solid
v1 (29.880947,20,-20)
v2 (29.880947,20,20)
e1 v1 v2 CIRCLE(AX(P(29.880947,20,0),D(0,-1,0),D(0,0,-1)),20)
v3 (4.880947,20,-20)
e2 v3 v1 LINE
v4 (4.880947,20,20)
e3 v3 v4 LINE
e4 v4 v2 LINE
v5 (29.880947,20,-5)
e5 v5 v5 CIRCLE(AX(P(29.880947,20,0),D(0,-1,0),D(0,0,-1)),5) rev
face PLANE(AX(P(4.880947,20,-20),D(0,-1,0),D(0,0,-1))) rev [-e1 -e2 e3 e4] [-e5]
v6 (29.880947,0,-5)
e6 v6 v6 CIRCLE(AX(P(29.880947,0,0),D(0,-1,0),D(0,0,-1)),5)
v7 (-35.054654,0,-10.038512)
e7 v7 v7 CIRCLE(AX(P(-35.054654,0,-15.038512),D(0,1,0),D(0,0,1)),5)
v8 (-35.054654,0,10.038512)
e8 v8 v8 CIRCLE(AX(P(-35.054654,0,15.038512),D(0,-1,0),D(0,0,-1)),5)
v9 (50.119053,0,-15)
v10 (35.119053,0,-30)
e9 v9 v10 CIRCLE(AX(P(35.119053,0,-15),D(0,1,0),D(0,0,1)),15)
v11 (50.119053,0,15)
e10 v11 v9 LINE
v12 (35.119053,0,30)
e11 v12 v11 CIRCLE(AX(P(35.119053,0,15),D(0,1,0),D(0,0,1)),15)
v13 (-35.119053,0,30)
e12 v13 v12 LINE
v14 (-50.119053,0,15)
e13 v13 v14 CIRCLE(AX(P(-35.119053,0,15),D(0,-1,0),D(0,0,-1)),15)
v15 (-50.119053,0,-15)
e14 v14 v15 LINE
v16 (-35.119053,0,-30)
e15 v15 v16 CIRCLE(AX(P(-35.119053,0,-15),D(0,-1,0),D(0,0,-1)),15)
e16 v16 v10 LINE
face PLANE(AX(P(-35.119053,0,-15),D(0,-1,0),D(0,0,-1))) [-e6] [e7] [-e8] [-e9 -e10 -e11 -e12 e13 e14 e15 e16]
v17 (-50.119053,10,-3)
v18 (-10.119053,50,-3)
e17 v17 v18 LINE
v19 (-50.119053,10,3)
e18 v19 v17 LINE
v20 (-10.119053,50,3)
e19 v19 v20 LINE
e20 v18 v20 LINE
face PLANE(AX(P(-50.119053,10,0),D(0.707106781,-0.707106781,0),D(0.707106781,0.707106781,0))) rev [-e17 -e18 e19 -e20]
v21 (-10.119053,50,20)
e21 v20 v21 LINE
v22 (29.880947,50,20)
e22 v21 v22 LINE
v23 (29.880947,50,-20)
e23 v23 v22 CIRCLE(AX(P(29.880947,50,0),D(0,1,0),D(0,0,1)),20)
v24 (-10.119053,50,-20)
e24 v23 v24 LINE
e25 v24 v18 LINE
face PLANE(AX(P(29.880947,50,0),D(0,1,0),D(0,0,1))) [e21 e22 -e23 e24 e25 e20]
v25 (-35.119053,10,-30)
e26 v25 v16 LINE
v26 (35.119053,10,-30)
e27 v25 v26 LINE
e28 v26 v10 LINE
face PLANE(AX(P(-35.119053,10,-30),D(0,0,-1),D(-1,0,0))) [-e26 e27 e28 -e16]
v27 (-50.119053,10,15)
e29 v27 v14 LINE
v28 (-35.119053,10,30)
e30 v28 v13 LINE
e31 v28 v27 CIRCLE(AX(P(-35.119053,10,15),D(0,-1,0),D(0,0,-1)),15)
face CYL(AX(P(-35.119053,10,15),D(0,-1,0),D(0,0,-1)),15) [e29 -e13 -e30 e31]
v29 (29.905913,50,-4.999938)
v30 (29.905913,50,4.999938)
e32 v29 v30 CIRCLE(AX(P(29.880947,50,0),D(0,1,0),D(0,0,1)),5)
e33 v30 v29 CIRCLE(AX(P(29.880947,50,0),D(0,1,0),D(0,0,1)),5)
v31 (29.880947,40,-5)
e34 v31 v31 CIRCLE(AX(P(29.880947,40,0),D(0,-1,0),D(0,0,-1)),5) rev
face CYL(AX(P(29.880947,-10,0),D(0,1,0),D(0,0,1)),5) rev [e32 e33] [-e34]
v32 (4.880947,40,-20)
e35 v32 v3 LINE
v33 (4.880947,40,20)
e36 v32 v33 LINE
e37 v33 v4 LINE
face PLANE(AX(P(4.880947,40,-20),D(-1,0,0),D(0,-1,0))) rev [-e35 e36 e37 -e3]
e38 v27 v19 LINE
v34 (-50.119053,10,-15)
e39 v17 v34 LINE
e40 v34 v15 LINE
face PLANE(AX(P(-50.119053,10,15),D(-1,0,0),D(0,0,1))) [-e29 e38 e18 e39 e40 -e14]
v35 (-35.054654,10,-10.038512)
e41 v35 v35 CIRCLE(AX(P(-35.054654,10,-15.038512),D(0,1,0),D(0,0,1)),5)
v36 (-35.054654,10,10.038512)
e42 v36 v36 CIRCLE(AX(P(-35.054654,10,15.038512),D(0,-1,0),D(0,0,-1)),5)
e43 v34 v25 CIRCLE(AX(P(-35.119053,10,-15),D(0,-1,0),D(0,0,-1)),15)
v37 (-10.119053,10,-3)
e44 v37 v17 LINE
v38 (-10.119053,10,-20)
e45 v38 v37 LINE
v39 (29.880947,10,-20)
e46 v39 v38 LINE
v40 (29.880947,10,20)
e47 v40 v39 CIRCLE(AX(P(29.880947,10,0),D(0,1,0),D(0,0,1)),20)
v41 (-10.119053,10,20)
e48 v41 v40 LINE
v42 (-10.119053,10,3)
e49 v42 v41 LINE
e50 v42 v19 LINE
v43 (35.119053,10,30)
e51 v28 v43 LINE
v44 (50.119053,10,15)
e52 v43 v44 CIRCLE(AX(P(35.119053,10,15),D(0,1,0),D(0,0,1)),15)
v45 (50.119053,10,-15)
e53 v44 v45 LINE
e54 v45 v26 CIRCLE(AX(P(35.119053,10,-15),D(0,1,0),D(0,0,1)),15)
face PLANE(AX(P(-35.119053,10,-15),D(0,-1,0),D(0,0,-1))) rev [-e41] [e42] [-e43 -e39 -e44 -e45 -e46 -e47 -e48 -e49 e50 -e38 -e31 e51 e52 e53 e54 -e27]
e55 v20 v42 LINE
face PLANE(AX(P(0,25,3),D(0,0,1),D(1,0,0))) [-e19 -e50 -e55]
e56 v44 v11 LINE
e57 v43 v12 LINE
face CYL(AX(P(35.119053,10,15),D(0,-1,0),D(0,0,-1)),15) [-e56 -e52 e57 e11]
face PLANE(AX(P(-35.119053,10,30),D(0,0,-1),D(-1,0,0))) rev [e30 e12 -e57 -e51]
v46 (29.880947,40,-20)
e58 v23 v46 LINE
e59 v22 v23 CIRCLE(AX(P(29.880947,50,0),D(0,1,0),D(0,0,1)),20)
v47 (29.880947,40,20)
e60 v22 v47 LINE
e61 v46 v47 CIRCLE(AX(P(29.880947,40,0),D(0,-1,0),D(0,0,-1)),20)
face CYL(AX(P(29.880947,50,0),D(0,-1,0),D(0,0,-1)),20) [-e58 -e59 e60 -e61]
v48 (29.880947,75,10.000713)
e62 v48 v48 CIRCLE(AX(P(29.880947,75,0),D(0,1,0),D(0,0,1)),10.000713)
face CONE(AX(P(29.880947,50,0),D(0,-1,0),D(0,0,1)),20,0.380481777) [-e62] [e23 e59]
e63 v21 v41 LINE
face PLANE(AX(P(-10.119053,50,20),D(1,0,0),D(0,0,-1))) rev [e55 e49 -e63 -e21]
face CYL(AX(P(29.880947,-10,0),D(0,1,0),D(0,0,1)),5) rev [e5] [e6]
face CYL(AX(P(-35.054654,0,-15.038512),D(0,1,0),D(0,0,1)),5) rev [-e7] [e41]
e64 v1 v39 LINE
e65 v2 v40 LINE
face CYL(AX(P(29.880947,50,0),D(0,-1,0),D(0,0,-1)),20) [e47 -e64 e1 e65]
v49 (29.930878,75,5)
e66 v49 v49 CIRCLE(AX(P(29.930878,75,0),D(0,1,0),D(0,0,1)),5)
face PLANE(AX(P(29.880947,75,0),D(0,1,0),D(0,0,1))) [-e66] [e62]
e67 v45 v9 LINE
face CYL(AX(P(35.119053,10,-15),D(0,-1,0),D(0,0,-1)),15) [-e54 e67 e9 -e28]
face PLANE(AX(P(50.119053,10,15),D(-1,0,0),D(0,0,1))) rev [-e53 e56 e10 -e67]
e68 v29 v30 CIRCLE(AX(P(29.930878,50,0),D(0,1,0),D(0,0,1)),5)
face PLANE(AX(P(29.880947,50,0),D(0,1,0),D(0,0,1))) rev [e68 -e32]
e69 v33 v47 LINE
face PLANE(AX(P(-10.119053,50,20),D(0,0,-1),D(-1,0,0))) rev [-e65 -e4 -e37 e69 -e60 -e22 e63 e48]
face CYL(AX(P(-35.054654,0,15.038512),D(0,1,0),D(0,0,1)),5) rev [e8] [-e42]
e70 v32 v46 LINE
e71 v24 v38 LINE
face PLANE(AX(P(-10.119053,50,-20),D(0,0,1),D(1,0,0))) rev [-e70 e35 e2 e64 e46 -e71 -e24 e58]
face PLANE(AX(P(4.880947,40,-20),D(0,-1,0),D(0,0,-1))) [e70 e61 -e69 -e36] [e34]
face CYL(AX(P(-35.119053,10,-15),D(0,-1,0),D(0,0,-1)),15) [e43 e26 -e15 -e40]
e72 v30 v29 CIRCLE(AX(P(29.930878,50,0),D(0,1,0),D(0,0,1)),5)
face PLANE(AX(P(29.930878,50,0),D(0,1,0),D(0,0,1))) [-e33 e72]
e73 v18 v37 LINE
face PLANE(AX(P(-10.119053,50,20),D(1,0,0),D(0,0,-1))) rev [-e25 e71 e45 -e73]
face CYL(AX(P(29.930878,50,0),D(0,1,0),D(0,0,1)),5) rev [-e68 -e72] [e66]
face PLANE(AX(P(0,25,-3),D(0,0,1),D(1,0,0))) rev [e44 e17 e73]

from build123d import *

# Parameters (mm, degrees)
BOSS_EXTRUDE4_DEPTH = 10
SKETCH4_R           = 5
CUT_EXTRUDE2_DEPTH  = 10
BOSS_EXTRUDE5_DEPTH = 40
SKETCH6_R           = 5
CUT_EXTRUDE4_DEPTH  = 60
SKETCH7_W           = 45
SKETCH7_H           = 20
CUT_EXTRUDE5_DEPTH  = 40
RIB1_REACH          = 78.889
SKETCH8_WALL_W      = 212.346557286
SKETCH8_WALL_H      = 6
SKETCH9_R           = 20
BOSS_EXTRUDE7_DEPTH = 25
BOSS_EXTRUDE7_TAPER = 21.8
SKETCH15_R          = 5
CUT_EXTRUDE6_DEPTH  = 25


with BuildPart() as part:
    # Sketch1 → Boss-Extrude4 (new body)
    with BuildSketch(Plane(origin=(0, 0, 0), x_dir=(1, 0, 0), z_dir=(0, 1, 0))):
        with BuildLine():
            Line((-35.119052847, -30), (35.119052847, -30))
            ThreePointArc((35.119052847, -30), (45.725654565, -25.606601718), (50.119052847, -15))
            Line((50.119052847, -15), (50.119052847, 15))
            ThreePointArc((50.119052847, 15), (45.725654565, 25.606601718), (35.119052847, 30))
            Line((35.119052847, 30), (-35.119052847, 30))
            ThreePointArc((-35.119052847, 30), (-45.725654565, 25.606601718), (-50.119052847, 15))
            Line((-50.119052847, 15), (-50.119052847, -15))
            ThreePointArc((-50.119052847, -15), (-45.725654565, -25.606601718), (-35.119052847, -30))
        make_face()
    extrude(amount=BOSS_EXTRUDE4_DEPTH)

    # Sketch4 → Cut-Extrude2 (cut)
    with BuildSketch(Plane(origin=(0, 10, 0), x_dir=(1, 0, 0), z_dir=(0, 1, 0))):
        with Locations(Location((-35.054653665, 15.038511516, 0), (0, 0, 270))):
            Circle(SKETCH4_R)
        with Locations(Location((-35.054653665, -15.038511516, 0), (0, 0, 90))):
            Circle(SKETCH4_R)
    extrude(amount=-CUT_EXTRUDE2_DEPTH, mode=Mode.SUBTRACT)

    # Sketch5 → Boss-Extrude5 (add)
    with BuildSketch(Plane(origin=(0, 10, 0), x_dir=(1, 0, 0), z_dir=(0, 1, 0))):
        with BuildLine():
            Line((-10.119052847, -20), (-10.119052847, 20))
            Line((-10.119052847, 20), (29.880947153, 20))
            ThreePointArc((29.880947153, 20), (49.880947153, 0), (29.880947153, -20))
            Line((29.880947153, -20), (-10.119052847, -20))
        make_face()
    extrude(amount=BOSS_EXTRUDE5_DEPTH)

    # Sketch6 → Cut-Extrude4 (cut)
    with BuildSketch(Plane(origin=(0, 50, 0), x_dir=(1, 0, 0), z_dir=(0, 1, 0))):
        with Locations(Location((29.880947153, 0, 0), (0, 0, 270))):
            Circle(SKETCH6_R)
    extrude(amount=-CUT_EXTRUDE4_DEPTH, mode=Mode.SUBTRACT)

    # Sketch7 → Cut-Extrude5 (cut)
    with BuildSketch(Plane.XY.offset(20)):
        with Locations((27.380947153, 30)):
            Rectangle(SKETCH7_W, SKETCH7_H)
    extrude(amount=-CUT_EXTRUDE5_DEPTH, mode=Mode.SUBTRACT)

    # Sketch8 wall → Rib1 (add, up to next)
    with BuildSketch(Plane(origin=(-30.119052847, 30, 0), x_dir=(0.707106781187, 0.707106781187, 0), z_dir=(-0.707106781187, 0.707106781187, 0)), mode=Mode.PRIVATE) as rib1_sk1:
        Rectangle(SKETCH8_WALL_W, SKETCH8_WALL_H)
    rib1_tool1 = extrude(rib1_sk1.sketch, amount=-RIB1_REACH, mode=Mode.PRIVATE) - part.part
    add(rib1_tool1.solids().sort_by_distance((-30.119052847, 30, 0))[0])

    # Sketch9 → Boss-Extrude7 (add)
    with BuildSketch(Plane(origin=(0, 50, 0), x_dir=(1, 0, 0), z_dir=(0, 1, 0))):
        with Locations((29.880947153, 0)):
            Circle(SKETCH9_R)
    extrude(amount=BOSS_EXTRUDE7_DEPTH, taper=BOSS_EXTRUDE7_TAPER)

    # Sketch15 → Cut-Extrude6 (cut)
    with BuildSketch(Plane(origin=(0, 75, 0), x_dir=(1, 0, 0), z_dir=(0, 1, 0))):
        with Locations(Location((29.9308784, 0, 0), (0, 0, 270))):
            Circle(SKETCH15_R)
    extrude(amount=-CUT_EXTRUDE6_DEPTH, mode=Mode.SUBTRACT)


solid = part.part
